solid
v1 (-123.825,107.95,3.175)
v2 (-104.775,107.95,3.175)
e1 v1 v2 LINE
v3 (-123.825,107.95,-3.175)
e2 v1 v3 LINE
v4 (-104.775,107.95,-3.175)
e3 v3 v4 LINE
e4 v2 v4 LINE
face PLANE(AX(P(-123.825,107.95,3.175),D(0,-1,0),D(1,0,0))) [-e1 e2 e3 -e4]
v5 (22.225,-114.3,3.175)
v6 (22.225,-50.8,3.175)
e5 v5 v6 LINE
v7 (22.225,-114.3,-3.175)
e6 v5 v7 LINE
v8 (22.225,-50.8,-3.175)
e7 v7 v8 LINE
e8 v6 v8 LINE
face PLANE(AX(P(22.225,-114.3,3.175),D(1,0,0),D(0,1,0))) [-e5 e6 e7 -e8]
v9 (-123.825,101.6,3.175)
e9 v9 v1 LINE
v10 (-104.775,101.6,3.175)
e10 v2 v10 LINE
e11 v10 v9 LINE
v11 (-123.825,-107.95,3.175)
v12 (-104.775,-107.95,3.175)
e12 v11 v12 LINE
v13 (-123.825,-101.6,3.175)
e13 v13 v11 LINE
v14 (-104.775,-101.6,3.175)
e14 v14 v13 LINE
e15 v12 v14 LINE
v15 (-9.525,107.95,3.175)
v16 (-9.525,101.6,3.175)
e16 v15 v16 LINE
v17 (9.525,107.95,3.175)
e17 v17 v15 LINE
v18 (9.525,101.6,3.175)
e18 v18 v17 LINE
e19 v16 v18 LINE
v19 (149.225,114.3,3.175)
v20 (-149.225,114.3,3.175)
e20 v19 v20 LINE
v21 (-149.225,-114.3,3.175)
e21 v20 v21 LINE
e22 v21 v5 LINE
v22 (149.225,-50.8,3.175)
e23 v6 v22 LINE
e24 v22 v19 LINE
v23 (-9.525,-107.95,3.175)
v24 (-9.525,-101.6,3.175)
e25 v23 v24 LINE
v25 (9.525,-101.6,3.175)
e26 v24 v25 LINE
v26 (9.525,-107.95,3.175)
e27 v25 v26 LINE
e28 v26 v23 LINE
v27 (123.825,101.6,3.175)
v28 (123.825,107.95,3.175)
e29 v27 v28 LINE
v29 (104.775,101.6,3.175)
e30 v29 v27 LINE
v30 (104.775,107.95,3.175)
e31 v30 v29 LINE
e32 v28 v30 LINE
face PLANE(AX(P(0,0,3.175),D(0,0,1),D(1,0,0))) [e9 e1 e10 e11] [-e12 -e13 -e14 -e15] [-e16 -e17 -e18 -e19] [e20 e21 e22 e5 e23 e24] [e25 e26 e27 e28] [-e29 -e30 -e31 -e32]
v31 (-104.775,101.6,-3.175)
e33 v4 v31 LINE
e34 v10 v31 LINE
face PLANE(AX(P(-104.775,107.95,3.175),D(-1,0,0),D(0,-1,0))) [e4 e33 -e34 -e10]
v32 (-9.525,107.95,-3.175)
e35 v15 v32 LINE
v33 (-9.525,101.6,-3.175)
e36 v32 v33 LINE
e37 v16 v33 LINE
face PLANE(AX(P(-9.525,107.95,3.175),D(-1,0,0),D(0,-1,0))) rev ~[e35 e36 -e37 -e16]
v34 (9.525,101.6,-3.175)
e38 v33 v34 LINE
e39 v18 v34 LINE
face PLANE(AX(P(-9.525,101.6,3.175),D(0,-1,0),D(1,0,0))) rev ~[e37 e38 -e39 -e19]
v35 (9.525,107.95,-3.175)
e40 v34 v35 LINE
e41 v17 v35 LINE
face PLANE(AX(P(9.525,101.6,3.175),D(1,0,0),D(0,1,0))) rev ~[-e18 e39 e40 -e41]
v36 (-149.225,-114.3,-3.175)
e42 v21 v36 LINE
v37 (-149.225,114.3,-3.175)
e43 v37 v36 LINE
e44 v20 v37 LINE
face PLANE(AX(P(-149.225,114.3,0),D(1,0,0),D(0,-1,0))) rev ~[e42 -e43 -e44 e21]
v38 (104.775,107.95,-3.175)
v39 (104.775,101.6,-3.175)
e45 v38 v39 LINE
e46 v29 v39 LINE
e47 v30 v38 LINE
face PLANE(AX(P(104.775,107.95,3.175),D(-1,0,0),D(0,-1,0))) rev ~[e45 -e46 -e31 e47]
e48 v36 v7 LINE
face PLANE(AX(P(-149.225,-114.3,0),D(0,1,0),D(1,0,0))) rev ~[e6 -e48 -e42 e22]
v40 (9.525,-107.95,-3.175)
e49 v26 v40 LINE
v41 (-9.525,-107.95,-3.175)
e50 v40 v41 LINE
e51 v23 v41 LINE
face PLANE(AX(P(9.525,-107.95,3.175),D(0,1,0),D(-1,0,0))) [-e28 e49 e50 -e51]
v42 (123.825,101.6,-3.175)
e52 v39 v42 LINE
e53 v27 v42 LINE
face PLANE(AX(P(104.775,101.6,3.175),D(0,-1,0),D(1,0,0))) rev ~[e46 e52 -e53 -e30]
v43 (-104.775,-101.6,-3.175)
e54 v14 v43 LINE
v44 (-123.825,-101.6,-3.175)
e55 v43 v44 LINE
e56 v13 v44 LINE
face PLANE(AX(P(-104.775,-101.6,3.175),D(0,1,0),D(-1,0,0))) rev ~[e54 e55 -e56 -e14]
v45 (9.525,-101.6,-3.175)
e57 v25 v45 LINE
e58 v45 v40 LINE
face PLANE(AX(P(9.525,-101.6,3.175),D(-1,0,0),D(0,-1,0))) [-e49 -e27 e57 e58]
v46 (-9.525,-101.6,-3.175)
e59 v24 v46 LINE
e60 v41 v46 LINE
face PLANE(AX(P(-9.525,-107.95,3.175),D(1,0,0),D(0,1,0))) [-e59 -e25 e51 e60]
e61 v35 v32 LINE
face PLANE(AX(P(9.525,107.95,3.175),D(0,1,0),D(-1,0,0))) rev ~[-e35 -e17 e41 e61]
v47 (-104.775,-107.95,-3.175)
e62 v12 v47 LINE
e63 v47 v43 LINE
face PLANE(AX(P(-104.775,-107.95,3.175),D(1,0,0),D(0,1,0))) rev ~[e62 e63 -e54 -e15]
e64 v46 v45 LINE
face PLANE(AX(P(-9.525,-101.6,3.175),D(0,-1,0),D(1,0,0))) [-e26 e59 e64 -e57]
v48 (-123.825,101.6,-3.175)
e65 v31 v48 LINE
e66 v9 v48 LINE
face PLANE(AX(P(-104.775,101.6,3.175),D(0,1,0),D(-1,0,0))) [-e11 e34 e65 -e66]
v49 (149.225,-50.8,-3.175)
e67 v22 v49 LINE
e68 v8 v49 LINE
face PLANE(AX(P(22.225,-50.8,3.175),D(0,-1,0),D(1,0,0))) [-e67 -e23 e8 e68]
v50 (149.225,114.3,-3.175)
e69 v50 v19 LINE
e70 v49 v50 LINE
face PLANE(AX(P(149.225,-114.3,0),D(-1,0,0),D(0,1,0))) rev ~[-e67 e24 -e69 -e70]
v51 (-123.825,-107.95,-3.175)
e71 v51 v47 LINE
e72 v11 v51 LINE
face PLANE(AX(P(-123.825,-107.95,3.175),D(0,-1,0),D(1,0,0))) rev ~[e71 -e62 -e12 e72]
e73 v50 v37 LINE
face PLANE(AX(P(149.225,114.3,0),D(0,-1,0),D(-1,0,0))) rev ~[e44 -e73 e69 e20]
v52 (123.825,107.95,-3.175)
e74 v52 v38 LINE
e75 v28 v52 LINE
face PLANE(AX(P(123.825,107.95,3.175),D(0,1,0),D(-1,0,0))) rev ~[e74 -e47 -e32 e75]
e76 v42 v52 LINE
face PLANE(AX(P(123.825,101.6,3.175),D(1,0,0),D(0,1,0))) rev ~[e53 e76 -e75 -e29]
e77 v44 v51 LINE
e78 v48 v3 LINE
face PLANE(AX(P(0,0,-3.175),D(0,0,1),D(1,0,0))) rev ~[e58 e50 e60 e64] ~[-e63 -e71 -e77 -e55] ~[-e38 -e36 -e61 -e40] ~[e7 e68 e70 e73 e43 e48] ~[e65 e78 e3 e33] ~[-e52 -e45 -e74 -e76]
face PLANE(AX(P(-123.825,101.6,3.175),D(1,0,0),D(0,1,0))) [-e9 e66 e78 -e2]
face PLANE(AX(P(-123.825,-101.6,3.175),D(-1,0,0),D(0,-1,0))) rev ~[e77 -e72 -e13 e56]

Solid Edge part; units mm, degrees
sketch "Sketch1" plane through (0, 0, 0) normal (0, 0, 1) x (1, 0, 0)
  line L0 (-149.225, -114.3) -> (149.225, -114.3)
  line L1 (149.225, -114.3) -> (149.225, 114.3)
  line L2 (149.225, 114.3) -> (-149.225, 114.3)
  line L3 (-149.225, 114.3) -> (-149.225, -114.3)
  dimension "D1" = 298.45
  dimension "D2" = 228.6
extrude "ExtrudedProtrusion_1" add sketch "Sketch1" along normal mid plane 6.35
sketch "Sketch2" plane through (0, 0, 3.175) normal (0, 0, 1) x (1, 0, 0)
  line L0 (-123.825, 107.95) -> (-104.775, 107.95)
  line L1 (-104.775, 107.95) -> (-104.775, 101.6)
  line L2 (-104.775, 101.6) -> (-123.825, 101.6)
  line L3 (-123.825, 101.6) -> (-123.825, 107.95)
  line L4 (9.525, 107.95) -> (-9.525, 107.95)
  line L5 (-9.525, 107.95) -> (-9.525, 101.6)
  line L6 (-9.525, 101.6) -> (9.525, 101.6)
  line L7 (9.525, 101.6) -> (9.525, 107.95)
  line L8 (123.825, 107.95) -> (104.775, 107.95)
  line L9 (104.775, 107.95) -> (104.775, 101.6)
  line L10 (104.775, 101.6) -> (123.825, 101.6)
  line L11 (123.825, 101.6) -> (123.825, 107.95)
  line L12 (-123.825, -107.95) -> (-104.775, -107.95)
  line L13 (-104.775, -107.95) -> (-104.775, -101.6)
  line L14 (-104.775, -101.6) -> (-123.825, -101.6)
  line L15 (-123.825, -101.6) -> (-123.825, -107.95)
  line L16 (9.525, -107.95) -> (-9.525, -107.95)
  line L17 (-9.525, -107.95) -> (-9.525, -101.6)
  line L18 (-9.525, -101.6) -> (9.525, -101.6)
  line L19 (9.525, -101.6) -> (9.525, -107.95)
  line L20 (123.825, -107.95) -> (104.775, -107.95)
  line L21 (104.775, -107.95) -> (104.775, -101.6)
  line L22 (104.775, -101.6) -> (123.825, -101.6)
  line L23 (123.825, -101.6) -> (123.825, -107.95)
  dimension "D1" = 6.35
  dimension "D2" = 6.35
  dimension "D3" = 19.05
  dimension "D4" = 95.25
extrude "Cutout1" cut sketch "Sketch2" against normal through all
sketch "Sketch3" plane through (0, 0, 3.175) normal (0, 0, 1) x (1, 0, 0)
  line L0 (149.225, -114.3) -> (22.225, -114.3)
  line L1 (22.225, -114.3) -> (22.225, -50.8)
  line L2 (22.225, -50.8) -> (149.225, -50.8)
  line L3 (149.225, -50.8) -> (149.225, -114.3)
  dimension "D1" = 127
  dimension "D2" = 63.5
extrude "Cutout2" cut sketch "Sketch3" against normal through all
properties material "ABS PLUS"
